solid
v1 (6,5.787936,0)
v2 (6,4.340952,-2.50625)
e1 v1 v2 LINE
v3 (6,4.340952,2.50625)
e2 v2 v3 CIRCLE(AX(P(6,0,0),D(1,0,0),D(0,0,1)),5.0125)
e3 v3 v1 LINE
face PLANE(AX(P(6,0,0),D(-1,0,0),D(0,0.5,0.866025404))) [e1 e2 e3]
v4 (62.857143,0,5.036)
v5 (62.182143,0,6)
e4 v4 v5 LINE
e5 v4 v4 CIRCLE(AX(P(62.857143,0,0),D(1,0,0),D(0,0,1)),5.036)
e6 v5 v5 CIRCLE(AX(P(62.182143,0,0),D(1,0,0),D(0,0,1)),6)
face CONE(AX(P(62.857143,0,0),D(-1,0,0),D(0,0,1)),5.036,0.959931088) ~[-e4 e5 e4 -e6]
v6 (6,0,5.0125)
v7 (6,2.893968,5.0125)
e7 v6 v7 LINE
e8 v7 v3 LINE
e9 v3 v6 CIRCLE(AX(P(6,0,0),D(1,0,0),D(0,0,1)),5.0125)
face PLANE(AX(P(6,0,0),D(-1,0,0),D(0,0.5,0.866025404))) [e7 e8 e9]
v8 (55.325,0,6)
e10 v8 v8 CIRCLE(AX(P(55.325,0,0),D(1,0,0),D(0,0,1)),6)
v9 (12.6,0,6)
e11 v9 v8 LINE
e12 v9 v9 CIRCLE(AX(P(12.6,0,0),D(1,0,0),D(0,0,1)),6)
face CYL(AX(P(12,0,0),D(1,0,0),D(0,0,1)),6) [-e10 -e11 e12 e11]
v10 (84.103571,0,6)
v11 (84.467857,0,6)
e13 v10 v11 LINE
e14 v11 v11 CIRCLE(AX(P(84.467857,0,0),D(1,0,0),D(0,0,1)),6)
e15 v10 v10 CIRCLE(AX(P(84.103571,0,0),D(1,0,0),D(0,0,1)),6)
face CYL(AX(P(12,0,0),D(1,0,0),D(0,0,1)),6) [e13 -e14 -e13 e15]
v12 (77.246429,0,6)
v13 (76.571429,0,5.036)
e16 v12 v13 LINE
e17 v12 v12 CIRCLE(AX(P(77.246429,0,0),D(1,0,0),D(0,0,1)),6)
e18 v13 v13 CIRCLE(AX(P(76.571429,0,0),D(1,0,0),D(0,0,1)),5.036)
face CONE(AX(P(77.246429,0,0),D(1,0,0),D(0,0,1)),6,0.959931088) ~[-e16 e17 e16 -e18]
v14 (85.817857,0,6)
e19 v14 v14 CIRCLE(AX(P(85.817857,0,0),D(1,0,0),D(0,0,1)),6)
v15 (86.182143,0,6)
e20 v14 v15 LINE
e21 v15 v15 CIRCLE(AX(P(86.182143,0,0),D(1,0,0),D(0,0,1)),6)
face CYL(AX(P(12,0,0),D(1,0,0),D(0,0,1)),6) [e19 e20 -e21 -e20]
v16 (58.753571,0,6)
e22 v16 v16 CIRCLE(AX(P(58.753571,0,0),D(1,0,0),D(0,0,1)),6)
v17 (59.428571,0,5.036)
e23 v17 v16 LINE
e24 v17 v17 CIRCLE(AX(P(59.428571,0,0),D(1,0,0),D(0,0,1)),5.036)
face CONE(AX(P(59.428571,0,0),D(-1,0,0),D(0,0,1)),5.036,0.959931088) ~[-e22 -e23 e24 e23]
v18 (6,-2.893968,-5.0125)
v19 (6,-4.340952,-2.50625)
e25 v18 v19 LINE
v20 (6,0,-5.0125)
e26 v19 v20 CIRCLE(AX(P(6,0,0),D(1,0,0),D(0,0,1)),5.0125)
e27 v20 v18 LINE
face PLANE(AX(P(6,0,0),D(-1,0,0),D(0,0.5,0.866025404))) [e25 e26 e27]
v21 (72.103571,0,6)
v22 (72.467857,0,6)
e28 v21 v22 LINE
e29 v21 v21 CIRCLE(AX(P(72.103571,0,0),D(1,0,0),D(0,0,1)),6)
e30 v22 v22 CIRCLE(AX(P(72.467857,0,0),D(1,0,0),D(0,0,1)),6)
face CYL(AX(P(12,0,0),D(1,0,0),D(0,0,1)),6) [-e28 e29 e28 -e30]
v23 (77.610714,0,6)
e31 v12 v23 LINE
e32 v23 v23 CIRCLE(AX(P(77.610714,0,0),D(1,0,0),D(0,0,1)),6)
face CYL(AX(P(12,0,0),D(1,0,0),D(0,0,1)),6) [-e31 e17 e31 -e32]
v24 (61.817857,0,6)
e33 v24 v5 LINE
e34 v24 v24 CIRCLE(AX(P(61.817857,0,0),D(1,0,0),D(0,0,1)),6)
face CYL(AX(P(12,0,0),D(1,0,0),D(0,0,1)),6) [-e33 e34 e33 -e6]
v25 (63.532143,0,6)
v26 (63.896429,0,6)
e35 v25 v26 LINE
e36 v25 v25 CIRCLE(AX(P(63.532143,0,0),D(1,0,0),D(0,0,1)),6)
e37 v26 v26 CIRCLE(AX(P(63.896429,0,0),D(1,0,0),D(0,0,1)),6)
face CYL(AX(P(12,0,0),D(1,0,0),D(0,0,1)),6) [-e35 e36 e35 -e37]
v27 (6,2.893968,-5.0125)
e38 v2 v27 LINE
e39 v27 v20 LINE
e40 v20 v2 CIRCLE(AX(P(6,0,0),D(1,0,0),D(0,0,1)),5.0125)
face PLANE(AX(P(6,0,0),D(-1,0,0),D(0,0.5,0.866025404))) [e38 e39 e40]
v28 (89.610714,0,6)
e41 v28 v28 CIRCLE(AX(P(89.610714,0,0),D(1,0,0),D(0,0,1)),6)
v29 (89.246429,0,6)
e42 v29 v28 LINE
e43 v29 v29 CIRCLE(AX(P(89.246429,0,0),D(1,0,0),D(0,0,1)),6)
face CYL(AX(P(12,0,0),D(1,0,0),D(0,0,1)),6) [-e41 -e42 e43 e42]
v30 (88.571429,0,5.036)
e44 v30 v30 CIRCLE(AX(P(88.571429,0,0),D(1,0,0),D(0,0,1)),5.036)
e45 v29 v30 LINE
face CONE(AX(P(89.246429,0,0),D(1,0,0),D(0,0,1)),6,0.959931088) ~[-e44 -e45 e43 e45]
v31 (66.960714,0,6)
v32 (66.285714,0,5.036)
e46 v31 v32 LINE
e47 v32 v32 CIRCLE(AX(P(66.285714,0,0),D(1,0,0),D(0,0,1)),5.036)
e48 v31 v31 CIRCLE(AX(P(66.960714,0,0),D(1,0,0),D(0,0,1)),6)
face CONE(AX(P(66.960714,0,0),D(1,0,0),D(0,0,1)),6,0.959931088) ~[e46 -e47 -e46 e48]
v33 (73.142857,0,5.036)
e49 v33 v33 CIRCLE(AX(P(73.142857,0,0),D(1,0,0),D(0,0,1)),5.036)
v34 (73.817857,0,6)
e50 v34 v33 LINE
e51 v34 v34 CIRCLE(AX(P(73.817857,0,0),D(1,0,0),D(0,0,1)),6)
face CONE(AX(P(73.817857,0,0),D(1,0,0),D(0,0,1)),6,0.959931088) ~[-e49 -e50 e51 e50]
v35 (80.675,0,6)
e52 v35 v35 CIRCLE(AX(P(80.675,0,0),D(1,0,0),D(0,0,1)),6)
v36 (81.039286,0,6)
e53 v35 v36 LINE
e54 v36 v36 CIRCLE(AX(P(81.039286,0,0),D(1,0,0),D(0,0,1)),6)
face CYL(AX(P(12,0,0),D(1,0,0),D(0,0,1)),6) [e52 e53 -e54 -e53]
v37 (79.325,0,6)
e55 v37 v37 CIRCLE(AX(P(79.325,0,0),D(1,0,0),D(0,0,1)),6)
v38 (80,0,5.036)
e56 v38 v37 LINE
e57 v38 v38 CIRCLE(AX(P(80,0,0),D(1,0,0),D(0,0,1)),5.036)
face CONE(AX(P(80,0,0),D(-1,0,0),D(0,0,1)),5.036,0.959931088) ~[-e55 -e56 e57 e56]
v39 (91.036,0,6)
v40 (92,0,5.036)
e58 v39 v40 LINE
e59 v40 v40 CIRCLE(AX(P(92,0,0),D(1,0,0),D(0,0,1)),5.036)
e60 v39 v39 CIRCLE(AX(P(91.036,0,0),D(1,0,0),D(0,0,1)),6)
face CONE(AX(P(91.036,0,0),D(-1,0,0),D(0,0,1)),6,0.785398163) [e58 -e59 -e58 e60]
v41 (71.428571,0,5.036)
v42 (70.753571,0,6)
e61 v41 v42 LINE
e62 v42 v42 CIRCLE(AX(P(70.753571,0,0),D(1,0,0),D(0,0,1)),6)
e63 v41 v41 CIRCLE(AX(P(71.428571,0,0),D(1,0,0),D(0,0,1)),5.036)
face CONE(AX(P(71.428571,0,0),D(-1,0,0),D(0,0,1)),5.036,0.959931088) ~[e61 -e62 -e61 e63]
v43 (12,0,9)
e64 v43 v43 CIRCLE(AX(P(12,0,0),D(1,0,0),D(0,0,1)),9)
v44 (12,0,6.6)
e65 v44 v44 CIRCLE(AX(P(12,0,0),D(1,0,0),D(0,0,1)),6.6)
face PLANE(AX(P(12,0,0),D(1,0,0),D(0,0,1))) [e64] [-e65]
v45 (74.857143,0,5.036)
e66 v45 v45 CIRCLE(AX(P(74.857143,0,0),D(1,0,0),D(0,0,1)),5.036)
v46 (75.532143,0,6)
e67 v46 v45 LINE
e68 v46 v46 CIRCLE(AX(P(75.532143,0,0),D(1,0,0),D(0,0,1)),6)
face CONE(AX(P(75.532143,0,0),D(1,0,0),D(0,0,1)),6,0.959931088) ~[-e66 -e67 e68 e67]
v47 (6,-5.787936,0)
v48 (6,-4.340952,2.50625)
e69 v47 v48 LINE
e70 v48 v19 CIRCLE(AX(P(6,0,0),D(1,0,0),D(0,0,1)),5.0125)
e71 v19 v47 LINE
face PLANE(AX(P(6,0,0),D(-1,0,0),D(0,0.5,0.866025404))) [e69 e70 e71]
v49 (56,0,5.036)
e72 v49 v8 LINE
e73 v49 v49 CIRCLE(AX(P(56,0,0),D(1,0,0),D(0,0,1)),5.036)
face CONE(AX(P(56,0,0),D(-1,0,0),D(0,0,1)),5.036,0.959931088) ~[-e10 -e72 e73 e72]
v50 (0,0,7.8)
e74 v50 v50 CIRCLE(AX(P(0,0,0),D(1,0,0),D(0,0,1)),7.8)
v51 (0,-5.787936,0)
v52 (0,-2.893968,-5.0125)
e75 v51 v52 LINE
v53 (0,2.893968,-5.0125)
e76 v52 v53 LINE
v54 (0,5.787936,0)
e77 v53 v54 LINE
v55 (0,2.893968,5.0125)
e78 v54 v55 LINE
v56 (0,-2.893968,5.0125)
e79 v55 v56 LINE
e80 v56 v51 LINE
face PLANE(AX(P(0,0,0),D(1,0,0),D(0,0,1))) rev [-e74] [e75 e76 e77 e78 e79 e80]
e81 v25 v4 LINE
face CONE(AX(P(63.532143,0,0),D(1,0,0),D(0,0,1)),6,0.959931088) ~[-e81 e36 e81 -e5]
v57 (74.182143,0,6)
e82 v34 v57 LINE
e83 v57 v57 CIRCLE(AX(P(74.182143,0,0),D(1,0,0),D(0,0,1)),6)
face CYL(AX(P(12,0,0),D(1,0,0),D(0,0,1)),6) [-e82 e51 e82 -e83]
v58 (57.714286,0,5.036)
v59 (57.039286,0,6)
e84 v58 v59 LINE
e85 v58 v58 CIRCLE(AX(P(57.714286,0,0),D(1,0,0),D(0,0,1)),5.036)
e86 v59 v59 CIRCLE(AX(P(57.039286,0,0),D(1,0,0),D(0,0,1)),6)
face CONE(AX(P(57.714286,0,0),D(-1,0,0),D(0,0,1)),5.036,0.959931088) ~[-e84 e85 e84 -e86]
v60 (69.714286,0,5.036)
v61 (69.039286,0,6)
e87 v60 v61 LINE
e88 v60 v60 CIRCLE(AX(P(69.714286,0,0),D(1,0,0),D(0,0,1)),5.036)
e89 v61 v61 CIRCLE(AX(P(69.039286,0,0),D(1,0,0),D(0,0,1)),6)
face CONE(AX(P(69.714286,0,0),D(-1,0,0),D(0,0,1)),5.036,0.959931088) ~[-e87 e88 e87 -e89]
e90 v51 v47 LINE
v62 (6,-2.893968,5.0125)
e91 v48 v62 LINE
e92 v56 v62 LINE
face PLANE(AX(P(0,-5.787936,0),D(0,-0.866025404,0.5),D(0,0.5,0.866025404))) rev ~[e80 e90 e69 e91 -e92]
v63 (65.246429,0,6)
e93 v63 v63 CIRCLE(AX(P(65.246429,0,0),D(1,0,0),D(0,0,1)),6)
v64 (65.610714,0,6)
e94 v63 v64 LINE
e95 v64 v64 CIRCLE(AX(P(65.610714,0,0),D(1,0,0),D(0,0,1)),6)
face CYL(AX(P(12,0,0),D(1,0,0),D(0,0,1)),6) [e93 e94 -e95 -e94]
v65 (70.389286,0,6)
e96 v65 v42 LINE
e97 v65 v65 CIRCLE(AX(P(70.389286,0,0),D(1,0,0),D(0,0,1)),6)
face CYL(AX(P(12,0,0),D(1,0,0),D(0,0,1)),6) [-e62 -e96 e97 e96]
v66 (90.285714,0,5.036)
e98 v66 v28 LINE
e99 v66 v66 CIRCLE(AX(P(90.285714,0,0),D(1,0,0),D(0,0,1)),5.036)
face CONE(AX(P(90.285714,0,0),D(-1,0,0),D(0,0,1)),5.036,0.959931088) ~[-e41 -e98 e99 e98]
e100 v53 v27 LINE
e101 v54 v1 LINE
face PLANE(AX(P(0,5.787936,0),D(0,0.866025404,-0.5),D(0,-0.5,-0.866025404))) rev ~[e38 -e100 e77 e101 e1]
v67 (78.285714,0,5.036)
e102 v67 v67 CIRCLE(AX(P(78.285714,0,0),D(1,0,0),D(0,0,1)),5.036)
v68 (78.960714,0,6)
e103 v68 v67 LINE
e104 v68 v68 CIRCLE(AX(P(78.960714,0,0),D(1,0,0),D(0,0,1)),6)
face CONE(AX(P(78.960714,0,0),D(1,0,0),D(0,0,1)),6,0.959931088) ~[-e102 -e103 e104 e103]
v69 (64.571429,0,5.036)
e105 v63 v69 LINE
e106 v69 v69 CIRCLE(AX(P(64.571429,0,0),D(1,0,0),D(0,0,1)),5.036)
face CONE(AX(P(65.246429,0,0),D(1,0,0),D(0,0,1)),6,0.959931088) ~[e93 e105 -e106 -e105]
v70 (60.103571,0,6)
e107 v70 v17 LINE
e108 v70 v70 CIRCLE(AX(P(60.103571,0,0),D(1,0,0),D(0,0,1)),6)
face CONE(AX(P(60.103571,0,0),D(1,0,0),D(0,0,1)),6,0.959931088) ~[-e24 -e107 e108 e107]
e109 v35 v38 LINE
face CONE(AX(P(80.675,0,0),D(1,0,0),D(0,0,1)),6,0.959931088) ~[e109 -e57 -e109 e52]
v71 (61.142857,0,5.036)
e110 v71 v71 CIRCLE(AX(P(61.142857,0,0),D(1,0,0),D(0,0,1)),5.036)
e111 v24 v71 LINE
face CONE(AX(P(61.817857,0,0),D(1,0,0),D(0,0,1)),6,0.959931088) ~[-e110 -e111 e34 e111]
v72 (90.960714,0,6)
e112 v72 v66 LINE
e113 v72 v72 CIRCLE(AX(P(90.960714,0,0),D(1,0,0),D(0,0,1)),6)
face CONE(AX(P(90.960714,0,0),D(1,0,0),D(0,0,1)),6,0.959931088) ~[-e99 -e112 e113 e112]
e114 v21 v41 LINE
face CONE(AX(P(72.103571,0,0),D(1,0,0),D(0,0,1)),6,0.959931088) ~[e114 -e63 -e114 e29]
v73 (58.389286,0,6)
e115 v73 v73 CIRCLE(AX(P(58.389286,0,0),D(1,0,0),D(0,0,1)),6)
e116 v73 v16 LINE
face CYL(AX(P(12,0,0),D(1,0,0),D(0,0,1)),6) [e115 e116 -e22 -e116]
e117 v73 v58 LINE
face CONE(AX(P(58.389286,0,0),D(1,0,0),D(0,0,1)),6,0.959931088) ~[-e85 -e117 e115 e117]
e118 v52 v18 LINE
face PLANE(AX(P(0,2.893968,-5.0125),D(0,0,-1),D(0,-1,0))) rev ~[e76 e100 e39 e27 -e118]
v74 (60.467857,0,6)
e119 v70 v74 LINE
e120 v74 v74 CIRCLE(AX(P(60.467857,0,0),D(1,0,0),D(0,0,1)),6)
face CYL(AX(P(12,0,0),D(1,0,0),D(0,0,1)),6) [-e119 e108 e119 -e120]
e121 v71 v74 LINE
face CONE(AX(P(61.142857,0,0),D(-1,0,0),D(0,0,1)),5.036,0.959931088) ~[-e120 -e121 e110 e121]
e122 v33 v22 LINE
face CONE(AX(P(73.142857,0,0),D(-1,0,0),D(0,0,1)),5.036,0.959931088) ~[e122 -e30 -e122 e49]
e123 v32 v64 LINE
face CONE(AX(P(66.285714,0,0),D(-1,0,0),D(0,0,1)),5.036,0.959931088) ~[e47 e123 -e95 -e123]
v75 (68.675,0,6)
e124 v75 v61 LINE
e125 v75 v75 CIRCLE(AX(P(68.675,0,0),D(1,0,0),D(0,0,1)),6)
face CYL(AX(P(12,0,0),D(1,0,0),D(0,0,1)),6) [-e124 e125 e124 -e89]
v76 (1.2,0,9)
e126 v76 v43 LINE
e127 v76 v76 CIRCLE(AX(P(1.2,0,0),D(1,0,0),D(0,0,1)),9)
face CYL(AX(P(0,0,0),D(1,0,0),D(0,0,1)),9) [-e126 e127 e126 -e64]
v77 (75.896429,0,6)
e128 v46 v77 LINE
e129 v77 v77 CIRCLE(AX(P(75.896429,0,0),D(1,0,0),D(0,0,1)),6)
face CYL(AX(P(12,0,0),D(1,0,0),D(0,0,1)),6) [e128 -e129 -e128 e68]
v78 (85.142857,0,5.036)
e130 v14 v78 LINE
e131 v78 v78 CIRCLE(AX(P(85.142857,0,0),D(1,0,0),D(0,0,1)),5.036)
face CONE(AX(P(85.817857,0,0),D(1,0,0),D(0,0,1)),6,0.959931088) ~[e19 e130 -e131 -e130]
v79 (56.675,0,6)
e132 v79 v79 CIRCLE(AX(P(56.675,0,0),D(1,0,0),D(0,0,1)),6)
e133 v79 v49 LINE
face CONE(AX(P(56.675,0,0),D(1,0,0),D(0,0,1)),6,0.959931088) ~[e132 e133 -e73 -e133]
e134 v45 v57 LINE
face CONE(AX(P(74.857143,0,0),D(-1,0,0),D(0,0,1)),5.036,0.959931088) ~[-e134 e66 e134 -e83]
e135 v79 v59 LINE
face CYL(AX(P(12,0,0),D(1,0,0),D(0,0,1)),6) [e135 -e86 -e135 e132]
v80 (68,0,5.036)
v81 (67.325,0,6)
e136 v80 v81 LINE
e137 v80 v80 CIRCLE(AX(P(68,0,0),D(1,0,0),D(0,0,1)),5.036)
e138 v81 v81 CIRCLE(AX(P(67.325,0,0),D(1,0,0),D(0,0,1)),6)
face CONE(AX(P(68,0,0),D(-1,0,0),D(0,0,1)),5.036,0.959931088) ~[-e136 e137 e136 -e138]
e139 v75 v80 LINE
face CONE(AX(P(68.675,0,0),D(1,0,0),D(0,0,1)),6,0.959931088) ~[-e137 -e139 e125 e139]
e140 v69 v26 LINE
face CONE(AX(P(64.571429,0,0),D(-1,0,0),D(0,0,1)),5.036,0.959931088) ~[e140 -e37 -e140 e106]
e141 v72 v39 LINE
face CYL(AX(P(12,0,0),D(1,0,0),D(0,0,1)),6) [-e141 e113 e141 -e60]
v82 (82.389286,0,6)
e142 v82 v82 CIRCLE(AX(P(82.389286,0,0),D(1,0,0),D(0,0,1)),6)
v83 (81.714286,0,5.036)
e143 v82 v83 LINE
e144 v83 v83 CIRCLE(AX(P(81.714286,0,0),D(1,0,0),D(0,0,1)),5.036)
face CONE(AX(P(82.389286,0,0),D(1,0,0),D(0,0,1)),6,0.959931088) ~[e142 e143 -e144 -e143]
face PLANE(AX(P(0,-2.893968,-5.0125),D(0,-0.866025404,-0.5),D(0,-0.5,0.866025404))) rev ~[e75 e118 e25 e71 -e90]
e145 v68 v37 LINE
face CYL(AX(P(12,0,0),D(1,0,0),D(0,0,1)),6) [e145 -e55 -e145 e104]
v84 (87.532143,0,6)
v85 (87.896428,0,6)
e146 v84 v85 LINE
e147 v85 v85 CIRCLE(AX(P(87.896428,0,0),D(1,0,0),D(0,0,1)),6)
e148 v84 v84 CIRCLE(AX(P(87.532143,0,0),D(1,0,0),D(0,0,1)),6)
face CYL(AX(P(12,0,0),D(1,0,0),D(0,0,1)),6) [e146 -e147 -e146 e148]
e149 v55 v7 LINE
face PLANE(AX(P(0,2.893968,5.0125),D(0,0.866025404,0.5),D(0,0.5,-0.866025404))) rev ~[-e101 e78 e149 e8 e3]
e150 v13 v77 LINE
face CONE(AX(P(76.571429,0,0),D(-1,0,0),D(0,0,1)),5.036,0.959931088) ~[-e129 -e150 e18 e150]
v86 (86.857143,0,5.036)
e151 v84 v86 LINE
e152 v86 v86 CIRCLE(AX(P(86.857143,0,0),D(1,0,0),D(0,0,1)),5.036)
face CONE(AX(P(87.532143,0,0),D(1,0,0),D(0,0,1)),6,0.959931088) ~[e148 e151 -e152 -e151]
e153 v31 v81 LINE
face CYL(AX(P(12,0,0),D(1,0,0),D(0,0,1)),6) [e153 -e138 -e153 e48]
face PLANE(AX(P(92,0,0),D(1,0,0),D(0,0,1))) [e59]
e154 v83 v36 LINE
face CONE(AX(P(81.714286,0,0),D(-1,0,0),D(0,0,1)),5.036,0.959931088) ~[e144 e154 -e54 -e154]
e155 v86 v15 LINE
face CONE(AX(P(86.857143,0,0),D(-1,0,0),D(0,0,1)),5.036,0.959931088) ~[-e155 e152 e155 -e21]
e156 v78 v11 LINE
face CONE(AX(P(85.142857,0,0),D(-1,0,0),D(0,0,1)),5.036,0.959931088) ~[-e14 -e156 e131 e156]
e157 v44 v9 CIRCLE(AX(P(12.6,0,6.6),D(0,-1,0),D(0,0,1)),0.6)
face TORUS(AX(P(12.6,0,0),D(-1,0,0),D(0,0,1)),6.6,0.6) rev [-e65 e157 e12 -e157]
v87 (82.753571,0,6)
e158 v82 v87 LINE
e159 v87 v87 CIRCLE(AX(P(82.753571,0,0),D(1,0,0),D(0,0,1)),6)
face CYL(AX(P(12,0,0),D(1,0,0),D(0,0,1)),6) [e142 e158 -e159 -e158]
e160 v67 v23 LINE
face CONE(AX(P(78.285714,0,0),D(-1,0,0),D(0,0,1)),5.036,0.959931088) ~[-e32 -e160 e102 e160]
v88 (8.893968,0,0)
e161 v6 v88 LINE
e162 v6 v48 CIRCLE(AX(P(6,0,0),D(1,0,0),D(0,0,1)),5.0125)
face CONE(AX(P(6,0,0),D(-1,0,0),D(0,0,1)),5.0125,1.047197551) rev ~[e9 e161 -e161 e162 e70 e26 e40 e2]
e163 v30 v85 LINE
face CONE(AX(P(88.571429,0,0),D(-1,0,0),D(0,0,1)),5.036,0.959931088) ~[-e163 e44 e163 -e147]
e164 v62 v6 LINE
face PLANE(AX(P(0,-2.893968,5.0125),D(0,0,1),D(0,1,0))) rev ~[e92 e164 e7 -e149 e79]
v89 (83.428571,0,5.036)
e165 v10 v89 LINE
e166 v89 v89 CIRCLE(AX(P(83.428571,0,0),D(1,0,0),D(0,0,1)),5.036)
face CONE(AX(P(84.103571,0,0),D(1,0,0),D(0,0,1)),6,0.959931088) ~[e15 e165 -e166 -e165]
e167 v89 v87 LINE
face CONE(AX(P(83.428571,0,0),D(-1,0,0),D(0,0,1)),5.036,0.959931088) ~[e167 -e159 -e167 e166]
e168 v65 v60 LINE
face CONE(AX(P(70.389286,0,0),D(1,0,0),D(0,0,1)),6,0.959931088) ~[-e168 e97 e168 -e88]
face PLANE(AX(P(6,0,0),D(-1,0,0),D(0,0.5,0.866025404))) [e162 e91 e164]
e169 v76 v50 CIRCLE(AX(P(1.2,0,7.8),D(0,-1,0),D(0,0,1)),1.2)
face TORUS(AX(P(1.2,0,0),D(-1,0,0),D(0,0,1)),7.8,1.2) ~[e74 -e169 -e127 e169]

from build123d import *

# Parameters (mm, degrees)
FILLET1_R       = 0.6
FILLET2_R       = 1.2
HEX_2_DEPTH     = 6
THDSCHPAT_COUNT = 21
THDSCHPAT_PITCH = 1.714285714


with BuildPart() as part:
    # BodySke → Base-Revolve (revolve)
    with BuildSketch(Plane.XY, mode=Mode.PRIVATE) as base_revolve_sk:
        Polygon((0, 0), (0, 9), (12, 9), (12, 6), (91.036, 6), (92, 5.036), (92, 0), align=None)
    revolve(base_revolve_sk.sketch.rotate(Axis((-31.75, 0, 0), (1, 0, 0)), 90), axis=Axis((-31.75, 0, 0), (1, 0, 0)))  # turned: the seam where the file's is

    # Fillet1
    fillet1_edges = [part.edges().sort_by_distance(p)[0] for p in [
        (12, 0, -6),
    ]]
    fillet(fillet1_edges, radius=FILLET1_R)

    # Fillet2
    fillet2_edges = [part.edges().sort_by_distance(p)[0] for p in [
        (0, 0, -9),
    ]]
    fillet(fillet2_edges, radius=FILLET2_R)

    # Sketch2 → Hex-PreBroach (revolve, cut)
    with BuildSketch(Plane.XY, mode=Mode.PRIVATE) as hex_prebroach_sk:
        Polygon((0, 5.0125), (6, 5.0125), (8.893968224, 0), (0, 0), align=None)
    revolve(hex_prebroach_sk.sketch.rotate(Axis((0, 0, 0), (1, 0, 0)), 90), axis=Axis((0, 0, 0), (1, 0, 0)), mode=Mode.SUBTRACT)  # turned: the seam where the file's is

    # Sketch3 → Hex 2 (cut)
    with BuildSketch(Plane(origin=(0, 0, 0), x_dir=(0, 0.5, 0.866025404), z_dir=(-1, 0, 0))):
        Polygon((2.893968224, 5.0125), (-2.893968224, 5.0125), (-5.787936449, 0), (-2.893968224, -5.0125), (2.893968224, -5.0125), (5.787936449, 0), align=None)
    extrude(amount=-HEX_2_DEPTH, mode=Mode.SUBTRACT)

    # ThdSchSke → ThreadSchematic (revolve, cut)
    with BuildSketch(Plane.XY, mode=Mode.PRIVATE) as threadschematic_sk:
        Polygon((56, -5.036), (55.324999933, -6), (55.324999933, -7.5), (56.675000067, -7.5), (56.675000067, -6), align=None)
    threadschematic = revolve(threadschematic_sk.sketch.rotate(Axis((-3.175, 0, 0), (1, 0, 0)), 270), axis=Axis((-3.175, 0, 0), (1, 0, 0)), mode=Mode.SUBTRACT)  # turned: the seam where the file's is

    # ThdSchPat: ThreadSchematic ×21
    with Locations(*[(i * THDSCHPAT_PITCH, 0, 0) for i in range(1, THDSCHPAT_COUNT)]):
        add(threadschematic, mode=Mode.SUBTRACT)


solid = part.part
